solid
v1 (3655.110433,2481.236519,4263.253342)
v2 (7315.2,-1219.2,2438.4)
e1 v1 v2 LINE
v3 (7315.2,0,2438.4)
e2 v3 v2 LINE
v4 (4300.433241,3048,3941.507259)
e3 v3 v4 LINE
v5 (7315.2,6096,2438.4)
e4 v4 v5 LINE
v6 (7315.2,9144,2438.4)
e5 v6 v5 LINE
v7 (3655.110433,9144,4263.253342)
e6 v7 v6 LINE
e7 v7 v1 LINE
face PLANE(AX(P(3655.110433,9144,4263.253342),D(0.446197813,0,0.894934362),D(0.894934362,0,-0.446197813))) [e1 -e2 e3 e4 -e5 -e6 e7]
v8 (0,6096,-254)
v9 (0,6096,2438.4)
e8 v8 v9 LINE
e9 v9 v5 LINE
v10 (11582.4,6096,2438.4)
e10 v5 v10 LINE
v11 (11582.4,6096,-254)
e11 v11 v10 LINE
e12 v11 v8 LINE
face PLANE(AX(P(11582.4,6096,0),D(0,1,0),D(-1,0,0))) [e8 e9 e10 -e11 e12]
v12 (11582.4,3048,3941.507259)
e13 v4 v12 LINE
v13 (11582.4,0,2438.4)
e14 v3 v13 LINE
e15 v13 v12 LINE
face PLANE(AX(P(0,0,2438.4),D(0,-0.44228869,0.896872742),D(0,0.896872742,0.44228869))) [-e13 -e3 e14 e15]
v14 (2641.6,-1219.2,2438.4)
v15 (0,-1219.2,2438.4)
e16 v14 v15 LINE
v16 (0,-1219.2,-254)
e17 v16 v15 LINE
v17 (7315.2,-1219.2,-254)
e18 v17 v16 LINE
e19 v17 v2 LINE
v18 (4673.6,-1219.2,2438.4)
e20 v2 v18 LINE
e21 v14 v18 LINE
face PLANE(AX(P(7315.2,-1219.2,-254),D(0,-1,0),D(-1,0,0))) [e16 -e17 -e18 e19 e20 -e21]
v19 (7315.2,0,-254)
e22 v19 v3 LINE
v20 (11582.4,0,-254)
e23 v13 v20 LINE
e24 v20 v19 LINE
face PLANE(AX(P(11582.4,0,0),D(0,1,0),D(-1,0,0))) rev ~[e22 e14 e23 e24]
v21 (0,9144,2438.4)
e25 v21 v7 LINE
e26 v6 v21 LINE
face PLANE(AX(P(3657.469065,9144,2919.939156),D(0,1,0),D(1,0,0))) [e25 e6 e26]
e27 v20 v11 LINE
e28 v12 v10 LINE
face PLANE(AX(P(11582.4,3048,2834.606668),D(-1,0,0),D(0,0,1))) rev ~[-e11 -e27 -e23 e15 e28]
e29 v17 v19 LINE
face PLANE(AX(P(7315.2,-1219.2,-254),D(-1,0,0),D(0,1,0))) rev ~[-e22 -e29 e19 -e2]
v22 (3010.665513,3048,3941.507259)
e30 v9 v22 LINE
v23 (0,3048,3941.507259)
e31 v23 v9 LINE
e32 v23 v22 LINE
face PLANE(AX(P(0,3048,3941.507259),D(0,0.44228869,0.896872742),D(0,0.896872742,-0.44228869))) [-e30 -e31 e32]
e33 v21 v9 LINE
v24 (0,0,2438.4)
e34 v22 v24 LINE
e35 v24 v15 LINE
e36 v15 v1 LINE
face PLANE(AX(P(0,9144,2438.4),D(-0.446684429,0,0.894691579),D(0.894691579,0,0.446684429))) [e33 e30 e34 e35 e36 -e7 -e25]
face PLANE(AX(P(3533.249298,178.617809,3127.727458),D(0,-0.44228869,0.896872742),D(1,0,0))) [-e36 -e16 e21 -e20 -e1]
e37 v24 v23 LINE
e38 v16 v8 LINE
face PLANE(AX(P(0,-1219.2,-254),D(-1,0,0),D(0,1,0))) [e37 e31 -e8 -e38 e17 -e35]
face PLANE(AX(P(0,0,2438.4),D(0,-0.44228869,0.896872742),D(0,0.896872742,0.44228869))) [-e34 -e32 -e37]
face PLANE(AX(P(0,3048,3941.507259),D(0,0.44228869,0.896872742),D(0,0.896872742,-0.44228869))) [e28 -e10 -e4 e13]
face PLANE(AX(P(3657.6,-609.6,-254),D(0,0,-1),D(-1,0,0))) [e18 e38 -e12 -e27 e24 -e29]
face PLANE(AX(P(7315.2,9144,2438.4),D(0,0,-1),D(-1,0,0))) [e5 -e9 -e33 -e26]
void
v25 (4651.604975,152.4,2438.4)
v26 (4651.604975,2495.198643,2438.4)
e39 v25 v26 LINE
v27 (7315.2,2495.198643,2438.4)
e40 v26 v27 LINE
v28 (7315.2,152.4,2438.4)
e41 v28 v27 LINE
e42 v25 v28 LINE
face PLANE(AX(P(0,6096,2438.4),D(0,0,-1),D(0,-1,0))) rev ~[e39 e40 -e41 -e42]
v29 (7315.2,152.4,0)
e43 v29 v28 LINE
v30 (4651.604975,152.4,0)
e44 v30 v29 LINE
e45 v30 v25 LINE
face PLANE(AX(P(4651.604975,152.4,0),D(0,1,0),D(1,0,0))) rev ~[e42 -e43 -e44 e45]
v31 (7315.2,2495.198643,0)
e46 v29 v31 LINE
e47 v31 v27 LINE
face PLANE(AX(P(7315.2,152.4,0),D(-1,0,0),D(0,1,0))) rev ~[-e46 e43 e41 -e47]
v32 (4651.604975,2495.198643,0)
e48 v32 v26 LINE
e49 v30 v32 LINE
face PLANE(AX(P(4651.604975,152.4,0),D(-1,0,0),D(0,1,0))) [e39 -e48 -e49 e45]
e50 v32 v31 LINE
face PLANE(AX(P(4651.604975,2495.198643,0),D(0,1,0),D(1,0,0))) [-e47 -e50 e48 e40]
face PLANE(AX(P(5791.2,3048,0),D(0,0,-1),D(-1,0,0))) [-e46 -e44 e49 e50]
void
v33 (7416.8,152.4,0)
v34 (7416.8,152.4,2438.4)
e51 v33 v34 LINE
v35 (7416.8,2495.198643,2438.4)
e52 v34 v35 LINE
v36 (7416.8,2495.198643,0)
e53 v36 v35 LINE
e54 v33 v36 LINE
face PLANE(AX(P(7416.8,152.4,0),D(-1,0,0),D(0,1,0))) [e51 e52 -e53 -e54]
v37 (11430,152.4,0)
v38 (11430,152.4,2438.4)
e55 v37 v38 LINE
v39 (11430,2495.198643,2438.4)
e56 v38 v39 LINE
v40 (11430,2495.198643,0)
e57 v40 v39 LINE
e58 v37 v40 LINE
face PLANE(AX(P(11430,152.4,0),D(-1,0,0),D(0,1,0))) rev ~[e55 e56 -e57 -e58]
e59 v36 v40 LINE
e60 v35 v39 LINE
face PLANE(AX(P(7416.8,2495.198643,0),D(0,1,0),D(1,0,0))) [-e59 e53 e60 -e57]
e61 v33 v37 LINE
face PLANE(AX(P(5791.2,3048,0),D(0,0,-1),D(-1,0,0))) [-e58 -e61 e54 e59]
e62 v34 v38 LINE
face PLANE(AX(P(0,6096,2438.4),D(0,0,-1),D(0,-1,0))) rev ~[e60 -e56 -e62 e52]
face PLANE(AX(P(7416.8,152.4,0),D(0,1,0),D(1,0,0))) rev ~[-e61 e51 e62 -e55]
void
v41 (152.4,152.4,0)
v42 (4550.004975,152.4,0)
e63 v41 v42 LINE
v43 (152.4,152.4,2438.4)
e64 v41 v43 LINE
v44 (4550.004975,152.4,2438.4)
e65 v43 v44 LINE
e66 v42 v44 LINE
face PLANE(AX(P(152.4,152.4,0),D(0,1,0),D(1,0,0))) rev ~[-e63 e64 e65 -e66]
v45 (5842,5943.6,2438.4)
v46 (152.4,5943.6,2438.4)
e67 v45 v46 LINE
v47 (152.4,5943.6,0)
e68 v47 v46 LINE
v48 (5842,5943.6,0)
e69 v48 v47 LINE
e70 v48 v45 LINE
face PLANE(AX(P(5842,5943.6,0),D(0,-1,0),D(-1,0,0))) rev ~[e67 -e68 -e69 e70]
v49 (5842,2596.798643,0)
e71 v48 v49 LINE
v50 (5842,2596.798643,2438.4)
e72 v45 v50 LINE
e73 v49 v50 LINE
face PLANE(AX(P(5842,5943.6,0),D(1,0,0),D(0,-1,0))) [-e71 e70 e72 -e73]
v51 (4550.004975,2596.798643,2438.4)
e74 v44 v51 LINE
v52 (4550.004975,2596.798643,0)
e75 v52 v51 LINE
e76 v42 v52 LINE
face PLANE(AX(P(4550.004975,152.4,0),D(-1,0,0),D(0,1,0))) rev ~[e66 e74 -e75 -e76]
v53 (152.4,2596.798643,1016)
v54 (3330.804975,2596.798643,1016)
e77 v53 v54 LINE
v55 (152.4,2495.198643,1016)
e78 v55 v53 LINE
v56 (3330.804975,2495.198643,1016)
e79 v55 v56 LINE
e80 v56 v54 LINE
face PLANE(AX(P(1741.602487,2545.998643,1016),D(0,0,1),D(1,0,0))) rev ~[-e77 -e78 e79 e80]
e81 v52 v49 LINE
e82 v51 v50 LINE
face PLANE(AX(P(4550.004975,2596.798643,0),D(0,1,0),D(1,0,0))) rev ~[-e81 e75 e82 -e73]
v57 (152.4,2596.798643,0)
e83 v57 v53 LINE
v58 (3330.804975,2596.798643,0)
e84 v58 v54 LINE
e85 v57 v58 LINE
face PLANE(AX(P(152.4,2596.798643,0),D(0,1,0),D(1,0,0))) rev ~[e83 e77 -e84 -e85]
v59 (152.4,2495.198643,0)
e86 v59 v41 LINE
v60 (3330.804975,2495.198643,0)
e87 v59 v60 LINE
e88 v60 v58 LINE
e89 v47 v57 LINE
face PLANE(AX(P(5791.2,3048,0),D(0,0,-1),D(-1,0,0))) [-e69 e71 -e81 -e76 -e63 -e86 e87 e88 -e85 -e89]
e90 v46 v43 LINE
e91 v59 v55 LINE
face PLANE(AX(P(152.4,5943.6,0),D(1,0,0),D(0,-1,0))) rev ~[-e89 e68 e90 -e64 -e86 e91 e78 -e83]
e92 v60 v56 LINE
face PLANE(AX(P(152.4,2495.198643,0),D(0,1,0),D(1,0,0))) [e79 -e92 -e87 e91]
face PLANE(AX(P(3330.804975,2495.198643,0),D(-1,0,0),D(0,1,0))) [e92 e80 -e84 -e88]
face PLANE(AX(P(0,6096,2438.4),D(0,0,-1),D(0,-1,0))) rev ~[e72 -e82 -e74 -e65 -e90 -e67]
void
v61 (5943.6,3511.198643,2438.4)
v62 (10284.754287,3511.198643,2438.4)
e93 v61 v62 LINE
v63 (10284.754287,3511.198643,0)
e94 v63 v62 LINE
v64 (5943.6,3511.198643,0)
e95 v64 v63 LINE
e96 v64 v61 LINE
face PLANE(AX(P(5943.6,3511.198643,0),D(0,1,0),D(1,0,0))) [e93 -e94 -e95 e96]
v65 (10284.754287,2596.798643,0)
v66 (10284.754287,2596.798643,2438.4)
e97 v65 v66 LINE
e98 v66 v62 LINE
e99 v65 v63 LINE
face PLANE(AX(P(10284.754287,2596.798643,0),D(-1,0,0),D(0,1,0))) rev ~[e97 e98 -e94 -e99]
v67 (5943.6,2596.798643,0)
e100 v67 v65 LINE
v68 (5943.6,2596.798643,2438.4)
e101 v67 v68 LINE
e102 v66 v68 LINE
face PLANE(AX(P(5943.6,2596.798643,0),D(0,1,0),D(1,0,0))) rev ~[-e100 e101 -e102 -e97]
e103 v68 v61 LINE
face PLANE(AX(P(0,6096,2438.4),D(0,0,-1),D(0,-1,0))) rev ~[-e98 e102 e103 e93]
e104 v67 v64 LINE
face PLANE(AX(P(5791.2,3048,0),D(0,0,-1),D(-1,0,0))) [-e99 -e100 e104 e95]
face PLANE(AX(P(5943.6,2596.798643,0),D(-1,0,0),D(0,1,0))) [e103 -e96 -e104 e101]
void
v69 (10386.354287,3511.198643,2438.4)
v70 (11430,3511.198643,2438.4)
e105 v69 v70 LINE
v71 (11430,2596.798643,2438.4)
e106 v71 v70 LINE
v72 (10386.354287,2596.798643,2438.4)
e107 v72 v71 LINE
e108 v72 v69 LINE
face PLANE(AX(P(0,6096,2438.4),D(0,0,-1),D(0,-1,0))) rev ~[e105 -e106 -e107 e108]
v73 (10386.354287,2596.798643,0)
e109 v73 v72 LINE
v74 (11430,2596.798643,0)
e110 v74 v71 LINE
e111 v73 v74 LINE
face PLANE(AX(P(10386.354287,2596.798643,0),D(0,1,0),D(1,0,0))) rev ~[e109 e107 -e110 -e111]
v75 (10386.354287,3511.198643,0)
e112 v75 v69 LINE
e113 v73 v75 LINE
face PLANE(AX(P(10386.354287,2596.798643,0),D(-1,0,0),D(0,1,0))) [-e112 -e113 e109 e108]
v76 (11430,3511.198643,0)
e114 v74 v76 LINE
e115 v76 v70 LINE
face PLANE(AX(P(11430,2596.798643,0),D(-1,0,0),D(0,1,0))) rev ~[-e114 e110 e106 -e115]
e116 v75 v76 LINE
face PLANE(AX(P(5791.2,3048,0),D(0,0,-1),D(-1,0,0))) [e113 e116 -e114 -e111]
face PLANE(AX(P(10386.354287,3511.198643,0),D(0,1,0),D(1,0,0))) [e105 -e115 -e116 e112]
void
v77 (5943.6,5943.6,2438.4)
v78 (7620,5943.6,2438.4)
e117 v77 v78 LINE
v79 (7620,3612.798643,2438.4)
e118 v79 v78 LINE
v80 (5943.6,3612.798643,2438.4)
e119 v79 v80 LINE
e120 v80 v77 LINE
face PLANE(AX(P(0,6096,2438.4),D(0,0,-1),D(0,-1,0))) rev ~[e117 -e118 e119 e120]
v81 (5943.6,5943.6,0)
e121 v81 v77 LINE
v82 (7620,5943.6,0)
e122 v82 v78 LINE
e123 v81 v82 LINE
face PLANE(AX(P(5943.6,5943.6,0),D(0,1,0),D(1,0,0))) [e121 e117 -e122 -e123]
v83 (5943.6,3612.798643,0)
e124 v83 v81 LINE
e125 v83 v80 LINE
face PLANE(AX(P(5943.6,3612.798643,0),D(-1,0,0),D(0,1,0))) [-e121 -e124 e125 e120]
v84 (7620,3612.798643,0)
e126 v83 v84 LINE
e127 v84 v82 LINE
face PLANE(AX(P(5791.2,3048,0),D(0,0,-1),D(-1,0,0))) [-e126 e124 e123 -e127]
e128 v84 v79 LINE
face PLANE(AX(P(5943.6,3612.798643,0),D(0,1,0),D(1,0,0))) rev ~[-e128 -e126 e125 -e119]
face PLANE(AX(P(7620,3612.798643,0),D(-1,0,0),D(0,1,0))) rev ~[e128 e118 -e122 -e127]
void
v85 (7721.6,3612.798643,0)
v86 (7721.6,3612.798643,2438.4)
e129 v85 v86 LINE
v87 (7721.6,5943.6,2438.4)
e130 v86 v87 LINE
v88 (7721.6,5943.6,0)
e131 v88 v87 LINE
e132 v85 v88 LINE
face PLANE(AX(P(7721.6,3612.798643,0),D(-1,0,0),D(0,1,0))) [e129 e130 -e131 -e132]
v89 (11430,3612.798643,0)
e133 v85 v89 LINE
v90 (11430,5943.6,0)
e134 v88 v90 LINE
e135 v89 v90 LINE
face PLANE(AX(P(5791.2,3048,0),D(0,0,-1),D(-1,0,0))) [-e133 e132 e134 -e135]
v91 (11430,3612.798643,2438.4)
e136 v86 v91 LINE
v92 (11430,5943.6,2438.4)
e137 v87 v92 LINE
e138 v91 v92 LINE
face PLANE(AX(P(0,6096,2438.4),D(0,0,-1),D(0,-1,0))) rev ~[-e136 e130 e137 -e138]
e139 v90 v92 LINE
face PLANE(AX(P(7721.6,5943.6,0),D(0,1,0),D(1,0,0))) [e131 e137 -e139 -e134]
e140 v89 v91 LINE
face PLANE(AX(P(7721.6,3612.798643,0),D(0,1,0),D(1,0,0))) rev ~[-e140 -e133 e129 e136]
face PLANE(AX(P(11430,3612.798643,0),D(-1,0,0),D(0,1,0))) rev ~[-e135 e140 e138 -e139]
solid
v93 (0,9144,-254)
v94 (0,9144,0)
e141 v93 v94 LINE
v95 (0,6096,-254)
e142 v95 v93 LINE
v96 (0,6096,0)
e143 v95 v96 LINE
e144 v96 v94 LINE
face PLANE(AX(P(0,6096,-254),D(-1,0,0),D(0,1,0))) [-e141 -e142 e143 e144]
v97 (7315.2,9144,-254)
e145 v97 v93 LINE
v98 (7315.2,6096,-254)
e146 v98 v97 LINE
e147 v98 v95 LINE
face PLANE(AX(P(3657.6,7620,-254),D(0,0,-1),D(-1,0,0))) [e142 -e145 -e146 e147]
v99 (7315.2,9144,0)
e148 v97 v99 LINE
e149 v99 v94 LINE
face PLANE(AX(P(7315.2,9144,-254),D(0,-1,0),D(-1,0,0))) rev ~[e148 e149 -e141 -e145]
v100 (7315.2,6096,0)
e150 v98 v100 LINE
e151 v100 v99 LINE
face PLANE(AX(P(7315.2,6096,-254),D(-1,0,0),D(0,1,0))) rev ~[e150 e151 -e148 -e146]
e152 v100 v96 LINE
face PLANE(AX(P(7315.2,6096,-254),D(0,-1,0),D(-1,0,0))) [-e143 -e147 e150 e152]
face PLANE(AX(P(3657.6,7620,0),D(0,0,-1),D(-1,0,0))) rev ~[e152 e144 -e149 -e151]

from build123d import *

# Parameters (mm, degrees)
SKETCH3_W           = 11582.4
SKETCH3_H           = 6096
SKETCH3_W_2         = 4341.154286856
SKETCH3_H_2         = 914.4
SKETCH3_W_3         = 1676.4
SKETCH3_H_3         = 2330.801356814
SKETCH3_W_4         = 2663.595025017
SKETCH3_H_4         = 2342.798643186
SKETCH3_W_5         = 1043.645713144
SKETCH3_W_6         = 4013.2
SKETCH3_W_7         = 3708.4
BOSS_EXTRUDE1_DEPTH = 2438.4
SKETCH4_W           = 11582.4
SKETCH4_H           = 6096
BOSS_EXTRUDE2_DEPTH = 254
SKETCH5_W           = 3178.404974983
SKETCH5_H           = 101.6
BOSS_EXTRUDE3_DEPTH = 1016
BOSS_EXTRUDE4_DEPTH = 11582.4
SKETCH8_W           = 7315.2
SKETCH8_H           = 3048
BOSS_EXTRUDE6_DEPTH = 254
BOSS_EXTRUDE7_DEPTH = 10363.2
SKETCH12_W          = 7315.2
SKETCH12_H          = 1219.2
BOSS_EXTRUDE8_DEPTH = 2692.4
BOSS_EXTRUDE9_DEPTH = 1219.2
SKETCH16_W          = 8139.69628299
SKETCH16_H          = 5480.280814736
CUT_EXTRUDE3_DEPTH  = 2099.564


with BuildPart() as part:
    # Sketch3 → Boss-Extrude1 (new body)
    with BuildSketch(Plane.XY):
        with Locations((5791.2, 3048)):
            Rectangle(SKETCH3_W, SKETCH3_H)
        Polygon((152.4, 152.4), (4550.004974983, 152.4), (4550.004974983, 2596.798643186), (5842, 2596.798643186), (5842, 3511.198643186), (5842, 5943.6), (152.4, 5943.6), align=None, mode=Mode.SUBTRACT)
        with Locations((8114.177143428, 3053.998643186)):
            Rectangle(SKETCH3_W_2, SKETCH3_H_2, mode=Mode.SUBTRACT)
        with Locations((6781.8, 4778.199321593)):
            Rectangle(SKETCH3_W_3, SKETCH3_H_3, mode=Mode.SUBTRACT)
        with Locations((5983.402487492, 1323.799321593)):
            Rectangle(SKETCH3_W_4, SKETCH3_H_4, mode=Mode.SUBTRACT)
        with Locations((10908.177143428, 3053.998643186)):
            Rectangle(SKETCH3_W_5, SKETCH3_H_2, mode=Mode.SUBTRACT)
        with Locations((9423.4, 1323.799321593)):
            Rectangle(SKETCH3_W_6, SKETCH3_H_4, mode=Mode.SUBTRACT)
        with Locations((9575.8, 4778.199321593)):
            Rectangle(SKETCH3_W_7, SKETCH3_H_3, mode=Mode.SUBTRACT)
    extrude(amount=BOSS_EXTRUDE1_DEPTH)

    # Sketch4 → Boss-Extrude2 (add)
    with BuildSketch(Plane(origin=(0, 0, 0), x_dir=(-1, 0, 0), z_dir=(0, 0, -1))):
        with Locations((-5791.2, 3048)):
            Rectangle(SKETCH4_W, SKETCH4_H)
    extrude(amount=BOSS_EXTRUDE2_DEPTH)

    # Sketch5 → Boss-Extrude3 (add)
    with BuildSketch(Plane.XY):
        with Locations((1741.602487492, 2545.998643186)):
            Rectangle(SKETCH5_W, SKETCH5_H)
    extrude(amount=BOSS_EXTRUDE3_DEPTH)

    # Sketch6 → Boss-Extrude4 (add)
    with BuildSketch(Plane.ZY):
        Polygon((2438.4, 6096), (2438.4, 0), (3941.507258543, 3048), align=None)
    extrude(amount=-BOSS_EXTRUDE4_DEPTH)

    # Sketch10 → Boss-Extrude7 (add)
    with BuildSketch(Plane(origin=(0, 9144, 0), x_dir=(1, 0, 0), z_dir=(0, 1, 0))):
        Polygon((7315.2, -2438.4), (0, -2438.4), (3655.110432816, -4263.253342026), align=None)
    extrude(amount=-BOSS_EXTRUDE7_DEPTH)

    # Sketch12 → Boss-Extrude8 (add)
    with BuildSketch(Plane(origin=(0, 0, -254), x_dir=(-1, 0, 0), z_dir=(0, 0, -1))):
        with Locations((-3657.6, -609.6)):
            Rectangle(SKETCH12_W, SKETCH12_H)
    extrude(amount=-BOSS_EXTRUDE8_DEPTH)

    # Sketch15 → Boss-Extrude9 (add)
    with BuildSketch(Plane.XZ.offset(1219.2)):
        Polygon((2641.6, 2438.4), (4673.6, 2438.4), (3657.6, 3352.8), align=None)
    extrude(amount=BOSS_EXTRUDE9_DEPTH)

    # Sketch16 → Cut-Extrude3 (cut)
    with BuildSketch(Plane(origin=(0, -1205.755425359, 2445.030130489), x_dir=(1, 0, 0), z_dir=(0, -0.44228869, 0.896872742))):
        with Locations((3533.249297689, 1543.555925229)):
            Rectangle(SKETCH16_W, SKETCH16_H)
    extrude(amount=CUT_EXTRUDE3_DEPTH, mode=Mode.SUBTRACT)


with BuildPart() as body_2:
    # Sketch8 → Boss-Extrude6 (new body)
    with BuildSketch(Plane(origin=(0, 0, -254), x_dir=(-1, 0, 0), z_dir=(0, 0, -1))):
        with Locations((-3657.6, 7620)):
            Rectangle(SKETCH8_W, SKETCH8_H)
    extrude(amount=-BOSS_EXTRUDE6_DEPTH)


solid = Compound([part.part, body_2.part])
